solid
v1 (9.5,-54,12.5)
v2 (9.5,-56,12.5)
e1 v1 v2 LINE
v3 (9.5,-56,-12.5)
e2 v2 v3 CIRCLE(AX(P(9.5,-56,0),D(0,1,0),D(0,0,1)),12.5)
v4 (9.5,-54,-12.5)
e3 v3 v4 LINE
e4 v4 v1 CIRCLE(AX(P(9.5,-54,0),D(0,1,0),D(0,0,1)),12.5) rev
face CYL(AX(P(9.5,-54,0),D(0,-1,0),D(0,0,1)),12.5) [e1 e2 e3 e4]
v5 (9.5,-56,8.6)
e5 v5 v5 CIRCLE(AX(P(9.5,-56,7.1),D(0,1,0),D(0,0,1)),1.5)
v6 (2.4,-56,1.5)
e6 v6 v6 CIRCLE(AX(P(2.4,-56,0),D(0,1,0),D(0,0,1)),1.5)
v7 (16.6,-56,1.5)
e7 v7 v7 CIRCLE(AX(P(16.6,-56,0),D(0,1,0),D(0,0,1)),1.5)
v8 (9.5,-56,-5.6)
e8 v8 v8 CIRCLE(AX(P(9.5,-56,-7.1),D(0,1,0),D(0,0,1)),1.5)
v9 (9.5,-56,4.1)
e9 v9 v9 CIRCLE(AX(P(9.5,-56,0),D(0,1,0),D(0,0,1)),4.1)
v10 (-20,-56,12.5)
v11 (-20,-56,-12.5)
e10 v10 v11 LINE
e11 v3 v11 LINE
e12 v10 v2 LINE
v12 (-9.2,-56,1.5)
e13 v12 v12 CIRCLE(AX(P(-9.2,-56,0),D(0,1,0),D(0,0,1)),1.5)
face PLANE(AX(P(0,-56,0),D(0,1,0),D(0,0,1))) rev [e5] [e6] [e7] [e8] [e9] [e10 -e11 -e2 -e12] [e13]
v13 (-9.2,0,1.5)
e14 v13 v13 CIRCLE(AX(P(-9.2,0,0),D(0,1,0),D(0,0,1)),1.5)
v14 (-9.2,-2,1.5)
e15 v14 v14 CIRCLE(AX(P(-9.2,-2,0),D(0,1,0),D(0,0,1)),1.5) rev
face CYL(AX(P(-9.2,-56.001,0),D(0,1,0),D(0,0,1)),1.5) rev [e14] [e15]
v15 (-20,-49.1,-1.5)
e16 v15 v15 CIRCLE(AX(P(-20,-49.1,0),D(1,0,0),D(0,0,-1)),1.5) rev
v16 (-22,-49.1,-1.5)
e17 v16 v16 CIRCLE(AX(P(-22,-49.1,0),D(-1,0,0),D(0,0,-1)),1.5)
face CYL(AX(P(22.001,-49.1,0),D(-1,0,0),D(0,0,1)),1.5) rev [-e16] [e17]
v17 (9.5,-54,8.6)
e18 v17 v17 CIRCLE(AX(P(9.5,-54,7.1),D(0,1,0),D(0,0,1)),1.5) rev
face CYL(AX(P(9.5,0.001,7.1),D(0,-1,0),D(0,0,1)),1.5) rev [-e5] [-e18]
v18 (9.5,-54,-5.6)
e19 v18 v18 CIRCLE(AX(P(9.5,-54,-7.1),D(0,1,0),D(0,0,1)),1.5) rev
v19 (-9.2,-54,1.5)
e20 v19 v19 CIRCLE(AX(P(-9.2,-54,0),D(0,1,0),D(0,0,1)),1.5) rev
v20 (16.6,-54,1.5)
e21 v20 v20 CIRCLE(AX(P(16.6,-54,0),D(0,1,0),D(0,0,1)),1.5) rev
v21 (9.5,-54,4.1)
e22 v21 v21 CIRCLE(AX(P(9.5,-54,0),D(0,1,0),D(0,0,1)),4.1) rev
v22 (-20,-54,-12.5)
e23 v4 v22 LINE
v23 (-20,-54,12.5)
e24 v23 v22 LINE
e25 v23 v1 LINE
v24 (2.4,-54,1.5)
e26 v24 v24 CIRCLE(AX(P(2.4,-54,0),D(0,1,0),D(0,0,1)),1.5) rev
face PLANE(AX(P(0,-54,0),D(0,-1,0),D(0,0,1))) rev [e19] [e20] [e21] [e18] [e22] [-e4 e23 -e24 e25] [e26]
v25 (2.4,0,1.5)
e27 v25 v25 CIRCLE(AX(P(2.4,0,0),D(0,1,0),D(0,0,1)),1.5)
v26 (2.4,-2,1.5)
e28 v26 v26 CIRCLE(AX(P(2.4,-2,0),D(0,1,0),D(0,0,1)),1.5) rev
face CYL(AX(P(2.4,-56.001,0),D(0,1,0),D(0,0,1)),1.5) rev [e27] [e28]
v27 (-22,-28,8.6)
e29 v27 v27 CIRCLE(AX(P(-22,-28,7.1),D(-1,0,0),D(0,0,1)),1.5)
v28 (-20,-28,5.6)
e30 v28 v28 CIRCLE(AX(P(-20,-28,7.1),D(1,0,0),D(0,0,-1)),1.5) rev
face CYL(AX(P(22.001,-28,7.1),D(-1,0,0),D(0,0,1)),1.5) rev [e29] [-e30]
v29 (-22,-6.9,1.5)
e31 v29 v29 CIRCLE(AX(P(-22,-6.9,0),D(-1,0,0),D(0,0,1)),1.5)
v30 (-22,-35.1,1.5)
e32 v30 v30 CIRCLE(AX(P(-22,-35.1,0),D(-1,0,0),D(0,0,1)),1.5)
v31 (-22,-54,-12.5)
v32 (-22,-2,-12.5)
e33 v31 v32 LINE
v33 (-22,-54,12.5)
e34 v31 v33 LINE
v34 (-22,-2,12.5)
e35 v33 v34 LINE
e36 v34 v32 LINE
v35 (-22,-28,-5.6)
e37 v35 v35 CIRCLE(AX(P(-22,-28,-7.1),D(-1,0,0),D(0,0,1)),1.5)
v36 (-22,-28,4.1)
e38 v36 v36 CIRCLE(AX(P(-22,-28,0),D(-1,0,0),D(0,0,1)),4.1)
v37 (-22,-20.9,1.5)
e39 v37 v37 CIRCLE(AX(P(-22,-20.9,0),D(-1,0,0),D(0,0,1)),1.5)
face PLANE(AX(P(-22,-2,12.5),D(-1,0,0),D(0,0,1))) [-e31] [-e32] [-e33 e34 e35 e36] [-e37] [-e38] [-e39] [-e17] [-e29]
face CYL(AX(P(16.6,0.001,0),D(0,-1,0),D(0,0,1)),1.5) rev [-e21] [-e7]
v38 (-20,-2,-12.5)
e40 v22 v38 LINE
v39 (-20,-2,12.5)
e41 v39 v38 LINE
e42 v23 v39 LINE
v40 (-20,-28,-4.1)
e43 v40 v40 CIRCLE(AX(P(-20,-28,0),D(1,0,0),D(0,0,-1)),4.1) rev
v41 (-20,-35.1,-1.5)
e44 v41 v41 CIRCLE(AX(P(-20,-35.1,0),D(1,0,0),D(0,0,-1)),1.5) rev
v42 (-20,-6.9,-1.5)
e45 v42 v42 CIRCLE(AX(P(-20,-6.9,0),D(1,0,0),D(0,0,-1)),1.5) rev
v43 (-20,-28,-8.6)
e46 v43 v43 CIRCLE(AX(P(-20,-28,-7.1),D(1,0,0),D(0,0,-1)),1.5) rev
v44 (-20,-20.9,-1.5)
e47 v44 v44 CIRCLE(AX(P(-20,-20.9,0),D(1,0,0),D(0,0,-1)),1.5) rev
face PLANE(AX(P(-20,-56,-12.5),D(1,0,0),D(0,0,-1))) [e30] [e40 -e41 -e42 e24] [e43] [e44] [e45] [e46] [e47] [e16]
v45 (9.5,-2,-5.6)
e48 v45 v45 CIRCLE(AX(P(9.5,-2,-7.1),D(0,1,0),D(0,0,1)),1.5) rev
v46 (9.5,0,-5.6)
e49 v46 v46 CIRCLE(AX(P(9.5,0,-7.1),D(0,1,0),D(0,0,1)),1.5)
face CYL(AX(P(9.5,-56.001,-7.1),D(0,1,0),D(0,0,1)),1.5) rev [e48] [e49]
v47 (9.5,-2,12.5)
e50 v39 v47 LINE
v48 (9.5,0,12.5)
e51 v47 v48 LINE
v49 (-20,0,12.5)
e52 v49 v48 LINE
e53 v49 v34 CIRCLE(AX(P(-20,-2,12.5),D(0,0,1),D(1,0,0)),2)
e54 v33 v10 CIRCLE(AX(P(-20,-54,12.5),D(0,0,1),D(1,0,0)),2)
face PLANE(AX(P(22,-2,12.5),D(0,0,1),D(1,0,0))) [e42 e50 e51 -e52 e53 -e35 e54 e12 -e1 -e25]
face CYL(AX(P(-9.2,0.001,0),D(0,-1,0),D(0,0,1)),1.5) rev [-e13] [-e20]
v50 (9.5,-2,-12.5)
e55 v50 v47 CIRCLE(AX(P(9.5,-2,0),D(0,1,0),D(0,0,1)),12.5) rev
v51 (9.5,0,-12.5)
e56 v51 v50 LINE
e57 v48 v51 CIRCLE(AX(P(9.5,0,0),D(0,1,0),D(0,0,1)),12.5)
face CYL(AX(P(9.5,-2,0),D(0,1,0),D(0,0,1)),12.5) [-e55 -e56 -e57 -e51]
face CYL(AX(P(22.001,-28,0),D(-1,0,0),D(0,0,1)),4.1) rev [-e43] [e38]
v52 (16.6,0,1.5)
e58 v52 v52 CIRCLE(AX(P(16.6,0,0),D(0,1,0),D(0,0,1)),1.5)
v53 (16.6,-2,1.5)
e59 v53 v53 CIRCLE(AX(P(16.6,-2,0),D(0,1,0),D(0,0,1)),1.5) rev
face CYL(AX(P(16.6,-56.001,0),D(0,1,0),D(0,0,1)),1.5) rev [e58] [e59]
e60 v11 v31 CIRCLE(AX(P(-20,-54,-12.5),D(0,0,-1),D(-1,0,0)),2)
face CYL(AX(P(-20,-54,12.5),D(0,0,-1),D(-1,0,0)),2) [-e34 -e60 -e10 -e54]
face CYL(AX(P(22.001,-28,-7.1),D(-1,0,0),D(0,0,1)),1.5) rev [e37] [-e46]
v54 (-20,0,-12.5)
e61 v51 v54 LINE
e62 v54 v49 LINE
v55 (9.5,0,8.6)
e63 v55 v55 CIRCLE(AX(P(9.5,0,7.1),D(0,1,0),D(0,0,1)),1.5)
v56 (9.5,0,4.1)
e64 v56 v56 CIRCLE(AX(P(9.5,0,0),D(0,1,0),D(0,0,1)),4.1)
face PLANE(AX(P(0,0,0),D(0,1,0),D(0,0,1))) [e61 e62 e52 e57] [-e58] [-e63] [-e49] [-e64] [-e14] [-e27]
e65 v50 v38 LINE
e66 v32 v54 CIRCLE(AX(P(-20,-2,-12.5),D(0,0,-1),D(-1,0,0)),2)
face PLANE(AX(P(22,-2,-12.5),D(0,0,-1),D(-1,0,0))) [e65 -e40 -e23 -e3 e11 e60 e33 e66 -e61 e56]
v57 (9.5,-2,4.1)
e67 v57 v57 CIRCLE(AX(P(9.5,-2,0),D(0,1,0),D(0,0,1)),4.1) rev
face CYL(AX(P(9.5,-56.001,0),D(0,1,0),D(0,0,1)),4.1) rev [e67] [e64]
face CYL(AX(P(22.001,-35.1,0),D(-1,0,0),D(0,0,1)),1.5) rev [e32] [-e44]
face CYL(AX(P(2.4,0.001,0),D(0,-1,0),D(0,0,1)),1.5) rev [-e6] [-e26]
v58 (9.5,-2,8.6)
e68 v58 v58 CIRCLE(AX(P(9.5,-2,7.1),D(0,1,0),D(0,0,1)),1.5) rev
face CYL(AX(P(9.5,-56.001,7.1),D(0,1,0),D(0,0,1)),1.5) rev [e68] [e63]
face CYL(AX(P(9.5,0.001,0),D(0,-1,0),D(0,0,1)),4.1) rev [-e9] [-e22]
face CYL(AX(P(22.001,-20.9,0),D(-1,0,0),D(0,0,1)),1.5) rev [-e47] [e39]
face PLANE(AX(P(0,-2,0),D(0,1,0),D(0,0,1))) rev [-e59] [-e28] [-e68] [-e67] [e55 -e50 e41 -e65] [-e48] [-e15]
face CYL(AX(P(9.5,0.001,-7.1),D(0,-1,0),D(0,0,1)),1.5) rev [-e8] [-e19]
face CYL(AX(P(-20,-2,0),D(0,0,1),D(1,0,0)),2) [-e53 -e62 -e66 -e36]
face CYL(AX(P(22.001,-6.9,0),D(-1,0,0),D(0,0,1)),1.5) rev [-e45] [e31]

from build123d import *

# Parameters (mm, degrees)
SKETCH_1_W          = 44
SKETCH_1_H          = 25
EXTRUDE_1_DEPTH     = 2
SKETCH_2_W          = 2
SKETCH_2_H          = 25
EXTRUDE_2_DEPTH     = 56
FILLET_1_RADIUS     = 12.5
FILLET_1_LENGTH     = 2
CUT_EXTRUDE_2_REACH = 63.451
SKETCH_3_R          = 4.1
SKETCH_3_R_2        = 1.5
CUT_EXTRUDE_3_REACH = 74.307
SKETCH_4_R          = 4.1
SKETCH_4_R_2        = 1.5
FILLET_2_R          = 2


with BuildPart() as part:
    # 草图1 → 凸台-拉伸1 (new body)
    with BuildSketch(Plane(origin=(0, 0, 0), x_dir=(1, 0, 0), z_dir=(0, 1, 0))):
        Rectangle(SKETCH_1_W, SKETCH_1_H)
    extrude(amount=-EXTRUDE_1_DEPTH)

    # 草图2 → 凸台-拉伸2 (add)
    with BuildSketch(Plane(origin=(0, 0, 0), x_dir=(1, 0, 0), z_dir=(0, 1, 0))):
        with Locations((-21, 0)):
            Rectangle(SKETCH_2_W, SKETCH_2_H)
    extrude(amount=-EXTRUDE_2_DEPTH)

    # 圆角1: full round fillet: the end face becomes a half cylinder, R = half its width
    fillet_1_face = Plane((22, -1, 0), x_dir=(0, 1, 0), z_dir=(1, 0, 0))  # on the end face: x along it, z out of the body
    fillet_1_slab = fillet_1_face.offset(-FILLET_1_RADIUS / 2) * Box(FILLET_1_LENGTH, 2 * FILLET_1_RADIUS, FILLET_1_RADIUS, mode=Mode.PRIVATE)  # the body's end, R deep
    fillet_1_round = Plane((9.5, -1, 0), x_dir=(1, 0, 0), z_dir=(0, 1, 0)) * Cylinder(FILLET_1_RADIUS, FILLET_1_LENGTH, mode=Mode.PRIVATE)  # its axis R under the face
    add(fillet_1_slab - fillet_1_round, mode=Mode.SUBTRACT)

    # 草图3 → 切除-拉伸2 (cut, up to next)
    with BuildSketch(Plane(origin=(0, 0, 0), x_dir=(1, 0, 0), z_dir=(0, 1, 0)), mode=Mode.PRIVATE) as cut_extrude_2_sk1:
        with Locations(Location((9.5, 0, 0), (0, 0, 270))):
            Circle(SKETCH_3_R)
    cut_extrude_2_tool1 = extrude(cut_extrude_2_sk1.sketch, amount=-CUT_EXTRUDE_2_REACH, mode=Mode.PRIVATE) & part.part
    # 草图3 → 切除-拉伸2 (cut, up to next)
    with BuildSketch(Plane(origin=(0, 0, 0), x_dir=(1, 0, 0), z_dir=(0, 1, 0)), mode=Mode.PRIVATE) as cut_extrude_2_sk2:
        with Locations(Location((2.4, 0, 0), (0, 0, 270))):
            Circle(SKETCH_3_R_2)
    cut_extrude_2_tool2 = extrude(cut_extrude_2_sk2.sketch, amount=-CUT_EXTRUDE_2_REACH, mode=Mode.PRIVATE) & part.part
    # 草图3 → 切除-拉伸2 (cut, up to next)
    with BuildSketch(Plane(origin=(0, 0, 0), x_dir=(1, 0, 0), z_dir=(0, 1, 0)), mode=Mode.PRIVATE) as cut_extrude_2_sk3:
        with Locations(Location((9.5, 7.1, 0), (0, 0, 270))):
            Circle(SKETCH_3_R_2)
    cut_extrude_2_tool3 = extrude(cut_extrude_2_sk3.sketch, amount=-CUT_EXTRUDE_2_REACH, mode=Mode.PRIVATE) & part.part
    # 草图3 → 切除-拉伸2 (cut, up to next)
    with BuildSketch(Plane(origin=(0, 0, 0), x_dir=(1, 0, 0), z_dir=(0, 1, 0)), mode=Mode.PRIVATE) as cut_extrude_2_sk4:
        with Locations(Location((16.6, 0, 0), (0, 0, 270))):
            Circle(SKETCH_3_R_2)
    cut_extrude_2_tool4 = extrude(cut_extrude_2_sk4.sketch, amount=-CUT_EXTRUDE_2_REACH, mode=Mode.PRIVATE) & part.part
    # 草图3 → 切除-拉伸2 (cut, up to next)
    with BuildSketch(Plane(origin=(0, 0, 0), x_dir=(1, 0, 0), z_dir=(0, 1, 0)), mode=Mode.PRIVATE) as cut_extrude_2_sk5:
        with Locations(Location((9.5, -7.1, 0), (0, 0, 270))):
            Circle(SKETCH_3_R_2)
    cut_extrude_2_tool5 = extrude(cut_extrude_2_sk5.sketch, amount=-CUT_EXTRUDE_2_REACH, mode=Mode.PRIVATE) & part.part
    # 草图3 → 切除-拉伸2 (cut, up to next)
    with BuildSketch(Plane(origin=(0, 0, 0), x_dir=(1, 0, 0), z_dir=(0, 1, 0)), mode=Mode.PRIVATE) as cut_extrude_2_sk6:
        with Locations(Location((-9.2, 0, 0), (0, 0, 270))):
            Circle(SKETCH_3_R_2)
    cut_extrude_2_tool6 = extrude(cut_extrude_2_sk6.sketch, amount=-CUT_EXTRUDE_2_REACH, mode=Mode.PRIVATE) & part.part
    add(cut_extrude_2_tool1.solids().sort_by_distance((9.5, 0, 0))[0], mode=Mode.SUBTRACT)
    add(cut_extrude_2_tool2.solids().sort_by_distance((2.4, 0, 0))[0], mode=Mode.SUBTRACT)
    add(cut_extrude_2_tool3.solids().sort_by_distance((9.5, 0, -7.1))[0], mode=Mode.SUBTRACT)
    add(cut_extrude_2_tool4.solids().sort_by_distance((16.6, 0, 0))[0], mode=Mode.SUBTRACT)
    add(cut_extrude_2_tool5.solids().sort_by_distance((9.5, 0, 7.1))[0], mode=Mode.SUBTRACT)
    add(cut_extrude_2_tool6.solids().sort_by_distance((-9.2, 0, 0))[0], mode=Mode.SUBTRACT)

    # 镜向2: part across plane


with BuildPart() as part_1:
    add(part.part)
    add(part.part.mirror(Plane.ZX.offset(-28)))

    # 草图4 → 切除-拉伸3 (cut, up to next)
    with BuildSketch(Plane.ZY.offset(22), mode=Mode.PRIVATE) as cut_extrude_3_sk1:
        with Locations((0, -28)):
            Circle(SKETCH_4_R)
    cut_extrude_3_tool1 = extrude(cut_extrude_3_sk1.sketch, amount=-CUT_EXTRUDE_3_REACH, mode=Mode.PRIVATE) & part_1.part
    # 草图4 → 切除-拉伸3 (cut, up to next)
    with BuildSketch(Plane.ZY.offset(22), mode=Mode.PRIVATE) as cut_extrude_3_sk2:
        with Locations((0, -20.9)):
            Circle(SKETCH_4_R_2)
    cut_extrude_3_tool2 = extrude(cut_extrude_3_sk2.sketch, amount=-CUT_EXTRUDE_3_REACH, mode=Mode.PRIVATE) & part_1.part
    # 草图4 → 切除-拉伸3 (cut, up to next)
    with BuildSketch(Plane.ZY.offset(22), mode=Mode.PRIVATE) as cut_extrude_3_sk3:
        with Locations((7.1, -28)):
            Circle(SKETCH_4_R_2)
    cut_extrude_3_tool3 = extrude(cut_extrude_3_sk3.sketch, amount=-CUT_EXTRUDE_3_REACH, mode=Mode.PRIVATE) & part_1.part
    # 草图4 → 切除-拉伸3 (cut, up to next)
    with BuildSketch(Plane.ZY.offset(22), mode=Mode.PRIVATE) as cut_extrude_3_sk4:
        with Locations((0, -35.1)):
            Circle(SKETCH_4_R_2)
    cut_extrude_3_tool4 = extrude(cut_extrude_3_sk4.sketch, amount=-CUT_EXTRUDE_3_REACH, mode=Mode.PRIVATE) & part_1.part
    # 草图4 → 切除-拉伸3 (cut, up to next)
    with BuildSketch(Plane.ZY.offset(22), mode=Mode.PRIVATE) as cut_extrude_3_sk5:
        with Locations((-7.1, -28)):
            Circle(SKETCH_4_R_2)
    cut_extrude_3_tool5 = extrude(cut_extrude_3_sk5.sketch, amount=-CUT_EXTRUDE_3_REACH, mode=Mode.PRIVATE) & part_1.part
    # 草图4 → 切除-拉伸3 (cut, up to next)
    with BuildSketch(Plane.ZY.offset(22), mode=Mode.PRIVATE) as cut_extrude_3_sk6:
        with Locations((0, -6.9)):
            Circle(SKETCH_4_R_2)
    cut_extrude_3_tool6 = extrude(cut_extrude_3_sk6.sketch, amount=-CUT_EXTRUDE_3_REACH, mode=Mode.PRIVATE) & part_1.part
    # 草图4 → 切除-拉伸3 (cut, up to next)
    with BuildSketch(Plane.ZY.offset(22), mode=Mode.PRIVATE) as cut_extrude_3_sk7:
        with Locations(Location((0, -49.1, 0), (0, 0, 180))):
            Circle(SKETCH_4_R_2)
    cut_extrude_3_tool7 = extrude(cut_extrude_3_sk7.sketch, amount=-CUT_EXTRUDE_3_REACH, mode=Mode.PRIVATE) & part_1.part
    add(cut_extrude_3_tool1.solids().sort_by_distance((-22, -28, 0))[0], mode=Mode.SUBTRACT)
    add(cut_extrude_3_tool2.solids().sort_by_distance((-22, -20.9, 0))[0], mode=Mode.SUBTRACT)
    add(cut_extrude_3_tool3.solids().sort_by_distance((-22, -28, 7.1))[0], mode=Mode.SUBTRACT)
    add(cut_extrude_3_tool4.solids().sort_by_distance((-22, -35.1, 0))[0], mode=Mode.SUBTRACT)
    add(cut_extrude_3_tool5.solids().sort_by_distance((-22, -28, -7.1))[0], mode=Mode.SUBTRACT)
    add(cut_extrude_3_tool6.solids().sort_by_distance((-22, -6.9, 0))[0], mode=Mode.SUBTRACT)
    add(cut_extrude_3_tool7.solids().sort_by_distance((-22, -49.1, 0))[0], mode=Mode.SUBTRACT)

    # 圆角2
    fillet_2_edges = [part_1.edges().sort_by_distance(p)[0] for p in [
        (-22, -56, 0),
        (-22, 0, 0),
    ]]
    fillet(fillet_2_edges, radius=FILLET_2_R)


solid = part_1.part
